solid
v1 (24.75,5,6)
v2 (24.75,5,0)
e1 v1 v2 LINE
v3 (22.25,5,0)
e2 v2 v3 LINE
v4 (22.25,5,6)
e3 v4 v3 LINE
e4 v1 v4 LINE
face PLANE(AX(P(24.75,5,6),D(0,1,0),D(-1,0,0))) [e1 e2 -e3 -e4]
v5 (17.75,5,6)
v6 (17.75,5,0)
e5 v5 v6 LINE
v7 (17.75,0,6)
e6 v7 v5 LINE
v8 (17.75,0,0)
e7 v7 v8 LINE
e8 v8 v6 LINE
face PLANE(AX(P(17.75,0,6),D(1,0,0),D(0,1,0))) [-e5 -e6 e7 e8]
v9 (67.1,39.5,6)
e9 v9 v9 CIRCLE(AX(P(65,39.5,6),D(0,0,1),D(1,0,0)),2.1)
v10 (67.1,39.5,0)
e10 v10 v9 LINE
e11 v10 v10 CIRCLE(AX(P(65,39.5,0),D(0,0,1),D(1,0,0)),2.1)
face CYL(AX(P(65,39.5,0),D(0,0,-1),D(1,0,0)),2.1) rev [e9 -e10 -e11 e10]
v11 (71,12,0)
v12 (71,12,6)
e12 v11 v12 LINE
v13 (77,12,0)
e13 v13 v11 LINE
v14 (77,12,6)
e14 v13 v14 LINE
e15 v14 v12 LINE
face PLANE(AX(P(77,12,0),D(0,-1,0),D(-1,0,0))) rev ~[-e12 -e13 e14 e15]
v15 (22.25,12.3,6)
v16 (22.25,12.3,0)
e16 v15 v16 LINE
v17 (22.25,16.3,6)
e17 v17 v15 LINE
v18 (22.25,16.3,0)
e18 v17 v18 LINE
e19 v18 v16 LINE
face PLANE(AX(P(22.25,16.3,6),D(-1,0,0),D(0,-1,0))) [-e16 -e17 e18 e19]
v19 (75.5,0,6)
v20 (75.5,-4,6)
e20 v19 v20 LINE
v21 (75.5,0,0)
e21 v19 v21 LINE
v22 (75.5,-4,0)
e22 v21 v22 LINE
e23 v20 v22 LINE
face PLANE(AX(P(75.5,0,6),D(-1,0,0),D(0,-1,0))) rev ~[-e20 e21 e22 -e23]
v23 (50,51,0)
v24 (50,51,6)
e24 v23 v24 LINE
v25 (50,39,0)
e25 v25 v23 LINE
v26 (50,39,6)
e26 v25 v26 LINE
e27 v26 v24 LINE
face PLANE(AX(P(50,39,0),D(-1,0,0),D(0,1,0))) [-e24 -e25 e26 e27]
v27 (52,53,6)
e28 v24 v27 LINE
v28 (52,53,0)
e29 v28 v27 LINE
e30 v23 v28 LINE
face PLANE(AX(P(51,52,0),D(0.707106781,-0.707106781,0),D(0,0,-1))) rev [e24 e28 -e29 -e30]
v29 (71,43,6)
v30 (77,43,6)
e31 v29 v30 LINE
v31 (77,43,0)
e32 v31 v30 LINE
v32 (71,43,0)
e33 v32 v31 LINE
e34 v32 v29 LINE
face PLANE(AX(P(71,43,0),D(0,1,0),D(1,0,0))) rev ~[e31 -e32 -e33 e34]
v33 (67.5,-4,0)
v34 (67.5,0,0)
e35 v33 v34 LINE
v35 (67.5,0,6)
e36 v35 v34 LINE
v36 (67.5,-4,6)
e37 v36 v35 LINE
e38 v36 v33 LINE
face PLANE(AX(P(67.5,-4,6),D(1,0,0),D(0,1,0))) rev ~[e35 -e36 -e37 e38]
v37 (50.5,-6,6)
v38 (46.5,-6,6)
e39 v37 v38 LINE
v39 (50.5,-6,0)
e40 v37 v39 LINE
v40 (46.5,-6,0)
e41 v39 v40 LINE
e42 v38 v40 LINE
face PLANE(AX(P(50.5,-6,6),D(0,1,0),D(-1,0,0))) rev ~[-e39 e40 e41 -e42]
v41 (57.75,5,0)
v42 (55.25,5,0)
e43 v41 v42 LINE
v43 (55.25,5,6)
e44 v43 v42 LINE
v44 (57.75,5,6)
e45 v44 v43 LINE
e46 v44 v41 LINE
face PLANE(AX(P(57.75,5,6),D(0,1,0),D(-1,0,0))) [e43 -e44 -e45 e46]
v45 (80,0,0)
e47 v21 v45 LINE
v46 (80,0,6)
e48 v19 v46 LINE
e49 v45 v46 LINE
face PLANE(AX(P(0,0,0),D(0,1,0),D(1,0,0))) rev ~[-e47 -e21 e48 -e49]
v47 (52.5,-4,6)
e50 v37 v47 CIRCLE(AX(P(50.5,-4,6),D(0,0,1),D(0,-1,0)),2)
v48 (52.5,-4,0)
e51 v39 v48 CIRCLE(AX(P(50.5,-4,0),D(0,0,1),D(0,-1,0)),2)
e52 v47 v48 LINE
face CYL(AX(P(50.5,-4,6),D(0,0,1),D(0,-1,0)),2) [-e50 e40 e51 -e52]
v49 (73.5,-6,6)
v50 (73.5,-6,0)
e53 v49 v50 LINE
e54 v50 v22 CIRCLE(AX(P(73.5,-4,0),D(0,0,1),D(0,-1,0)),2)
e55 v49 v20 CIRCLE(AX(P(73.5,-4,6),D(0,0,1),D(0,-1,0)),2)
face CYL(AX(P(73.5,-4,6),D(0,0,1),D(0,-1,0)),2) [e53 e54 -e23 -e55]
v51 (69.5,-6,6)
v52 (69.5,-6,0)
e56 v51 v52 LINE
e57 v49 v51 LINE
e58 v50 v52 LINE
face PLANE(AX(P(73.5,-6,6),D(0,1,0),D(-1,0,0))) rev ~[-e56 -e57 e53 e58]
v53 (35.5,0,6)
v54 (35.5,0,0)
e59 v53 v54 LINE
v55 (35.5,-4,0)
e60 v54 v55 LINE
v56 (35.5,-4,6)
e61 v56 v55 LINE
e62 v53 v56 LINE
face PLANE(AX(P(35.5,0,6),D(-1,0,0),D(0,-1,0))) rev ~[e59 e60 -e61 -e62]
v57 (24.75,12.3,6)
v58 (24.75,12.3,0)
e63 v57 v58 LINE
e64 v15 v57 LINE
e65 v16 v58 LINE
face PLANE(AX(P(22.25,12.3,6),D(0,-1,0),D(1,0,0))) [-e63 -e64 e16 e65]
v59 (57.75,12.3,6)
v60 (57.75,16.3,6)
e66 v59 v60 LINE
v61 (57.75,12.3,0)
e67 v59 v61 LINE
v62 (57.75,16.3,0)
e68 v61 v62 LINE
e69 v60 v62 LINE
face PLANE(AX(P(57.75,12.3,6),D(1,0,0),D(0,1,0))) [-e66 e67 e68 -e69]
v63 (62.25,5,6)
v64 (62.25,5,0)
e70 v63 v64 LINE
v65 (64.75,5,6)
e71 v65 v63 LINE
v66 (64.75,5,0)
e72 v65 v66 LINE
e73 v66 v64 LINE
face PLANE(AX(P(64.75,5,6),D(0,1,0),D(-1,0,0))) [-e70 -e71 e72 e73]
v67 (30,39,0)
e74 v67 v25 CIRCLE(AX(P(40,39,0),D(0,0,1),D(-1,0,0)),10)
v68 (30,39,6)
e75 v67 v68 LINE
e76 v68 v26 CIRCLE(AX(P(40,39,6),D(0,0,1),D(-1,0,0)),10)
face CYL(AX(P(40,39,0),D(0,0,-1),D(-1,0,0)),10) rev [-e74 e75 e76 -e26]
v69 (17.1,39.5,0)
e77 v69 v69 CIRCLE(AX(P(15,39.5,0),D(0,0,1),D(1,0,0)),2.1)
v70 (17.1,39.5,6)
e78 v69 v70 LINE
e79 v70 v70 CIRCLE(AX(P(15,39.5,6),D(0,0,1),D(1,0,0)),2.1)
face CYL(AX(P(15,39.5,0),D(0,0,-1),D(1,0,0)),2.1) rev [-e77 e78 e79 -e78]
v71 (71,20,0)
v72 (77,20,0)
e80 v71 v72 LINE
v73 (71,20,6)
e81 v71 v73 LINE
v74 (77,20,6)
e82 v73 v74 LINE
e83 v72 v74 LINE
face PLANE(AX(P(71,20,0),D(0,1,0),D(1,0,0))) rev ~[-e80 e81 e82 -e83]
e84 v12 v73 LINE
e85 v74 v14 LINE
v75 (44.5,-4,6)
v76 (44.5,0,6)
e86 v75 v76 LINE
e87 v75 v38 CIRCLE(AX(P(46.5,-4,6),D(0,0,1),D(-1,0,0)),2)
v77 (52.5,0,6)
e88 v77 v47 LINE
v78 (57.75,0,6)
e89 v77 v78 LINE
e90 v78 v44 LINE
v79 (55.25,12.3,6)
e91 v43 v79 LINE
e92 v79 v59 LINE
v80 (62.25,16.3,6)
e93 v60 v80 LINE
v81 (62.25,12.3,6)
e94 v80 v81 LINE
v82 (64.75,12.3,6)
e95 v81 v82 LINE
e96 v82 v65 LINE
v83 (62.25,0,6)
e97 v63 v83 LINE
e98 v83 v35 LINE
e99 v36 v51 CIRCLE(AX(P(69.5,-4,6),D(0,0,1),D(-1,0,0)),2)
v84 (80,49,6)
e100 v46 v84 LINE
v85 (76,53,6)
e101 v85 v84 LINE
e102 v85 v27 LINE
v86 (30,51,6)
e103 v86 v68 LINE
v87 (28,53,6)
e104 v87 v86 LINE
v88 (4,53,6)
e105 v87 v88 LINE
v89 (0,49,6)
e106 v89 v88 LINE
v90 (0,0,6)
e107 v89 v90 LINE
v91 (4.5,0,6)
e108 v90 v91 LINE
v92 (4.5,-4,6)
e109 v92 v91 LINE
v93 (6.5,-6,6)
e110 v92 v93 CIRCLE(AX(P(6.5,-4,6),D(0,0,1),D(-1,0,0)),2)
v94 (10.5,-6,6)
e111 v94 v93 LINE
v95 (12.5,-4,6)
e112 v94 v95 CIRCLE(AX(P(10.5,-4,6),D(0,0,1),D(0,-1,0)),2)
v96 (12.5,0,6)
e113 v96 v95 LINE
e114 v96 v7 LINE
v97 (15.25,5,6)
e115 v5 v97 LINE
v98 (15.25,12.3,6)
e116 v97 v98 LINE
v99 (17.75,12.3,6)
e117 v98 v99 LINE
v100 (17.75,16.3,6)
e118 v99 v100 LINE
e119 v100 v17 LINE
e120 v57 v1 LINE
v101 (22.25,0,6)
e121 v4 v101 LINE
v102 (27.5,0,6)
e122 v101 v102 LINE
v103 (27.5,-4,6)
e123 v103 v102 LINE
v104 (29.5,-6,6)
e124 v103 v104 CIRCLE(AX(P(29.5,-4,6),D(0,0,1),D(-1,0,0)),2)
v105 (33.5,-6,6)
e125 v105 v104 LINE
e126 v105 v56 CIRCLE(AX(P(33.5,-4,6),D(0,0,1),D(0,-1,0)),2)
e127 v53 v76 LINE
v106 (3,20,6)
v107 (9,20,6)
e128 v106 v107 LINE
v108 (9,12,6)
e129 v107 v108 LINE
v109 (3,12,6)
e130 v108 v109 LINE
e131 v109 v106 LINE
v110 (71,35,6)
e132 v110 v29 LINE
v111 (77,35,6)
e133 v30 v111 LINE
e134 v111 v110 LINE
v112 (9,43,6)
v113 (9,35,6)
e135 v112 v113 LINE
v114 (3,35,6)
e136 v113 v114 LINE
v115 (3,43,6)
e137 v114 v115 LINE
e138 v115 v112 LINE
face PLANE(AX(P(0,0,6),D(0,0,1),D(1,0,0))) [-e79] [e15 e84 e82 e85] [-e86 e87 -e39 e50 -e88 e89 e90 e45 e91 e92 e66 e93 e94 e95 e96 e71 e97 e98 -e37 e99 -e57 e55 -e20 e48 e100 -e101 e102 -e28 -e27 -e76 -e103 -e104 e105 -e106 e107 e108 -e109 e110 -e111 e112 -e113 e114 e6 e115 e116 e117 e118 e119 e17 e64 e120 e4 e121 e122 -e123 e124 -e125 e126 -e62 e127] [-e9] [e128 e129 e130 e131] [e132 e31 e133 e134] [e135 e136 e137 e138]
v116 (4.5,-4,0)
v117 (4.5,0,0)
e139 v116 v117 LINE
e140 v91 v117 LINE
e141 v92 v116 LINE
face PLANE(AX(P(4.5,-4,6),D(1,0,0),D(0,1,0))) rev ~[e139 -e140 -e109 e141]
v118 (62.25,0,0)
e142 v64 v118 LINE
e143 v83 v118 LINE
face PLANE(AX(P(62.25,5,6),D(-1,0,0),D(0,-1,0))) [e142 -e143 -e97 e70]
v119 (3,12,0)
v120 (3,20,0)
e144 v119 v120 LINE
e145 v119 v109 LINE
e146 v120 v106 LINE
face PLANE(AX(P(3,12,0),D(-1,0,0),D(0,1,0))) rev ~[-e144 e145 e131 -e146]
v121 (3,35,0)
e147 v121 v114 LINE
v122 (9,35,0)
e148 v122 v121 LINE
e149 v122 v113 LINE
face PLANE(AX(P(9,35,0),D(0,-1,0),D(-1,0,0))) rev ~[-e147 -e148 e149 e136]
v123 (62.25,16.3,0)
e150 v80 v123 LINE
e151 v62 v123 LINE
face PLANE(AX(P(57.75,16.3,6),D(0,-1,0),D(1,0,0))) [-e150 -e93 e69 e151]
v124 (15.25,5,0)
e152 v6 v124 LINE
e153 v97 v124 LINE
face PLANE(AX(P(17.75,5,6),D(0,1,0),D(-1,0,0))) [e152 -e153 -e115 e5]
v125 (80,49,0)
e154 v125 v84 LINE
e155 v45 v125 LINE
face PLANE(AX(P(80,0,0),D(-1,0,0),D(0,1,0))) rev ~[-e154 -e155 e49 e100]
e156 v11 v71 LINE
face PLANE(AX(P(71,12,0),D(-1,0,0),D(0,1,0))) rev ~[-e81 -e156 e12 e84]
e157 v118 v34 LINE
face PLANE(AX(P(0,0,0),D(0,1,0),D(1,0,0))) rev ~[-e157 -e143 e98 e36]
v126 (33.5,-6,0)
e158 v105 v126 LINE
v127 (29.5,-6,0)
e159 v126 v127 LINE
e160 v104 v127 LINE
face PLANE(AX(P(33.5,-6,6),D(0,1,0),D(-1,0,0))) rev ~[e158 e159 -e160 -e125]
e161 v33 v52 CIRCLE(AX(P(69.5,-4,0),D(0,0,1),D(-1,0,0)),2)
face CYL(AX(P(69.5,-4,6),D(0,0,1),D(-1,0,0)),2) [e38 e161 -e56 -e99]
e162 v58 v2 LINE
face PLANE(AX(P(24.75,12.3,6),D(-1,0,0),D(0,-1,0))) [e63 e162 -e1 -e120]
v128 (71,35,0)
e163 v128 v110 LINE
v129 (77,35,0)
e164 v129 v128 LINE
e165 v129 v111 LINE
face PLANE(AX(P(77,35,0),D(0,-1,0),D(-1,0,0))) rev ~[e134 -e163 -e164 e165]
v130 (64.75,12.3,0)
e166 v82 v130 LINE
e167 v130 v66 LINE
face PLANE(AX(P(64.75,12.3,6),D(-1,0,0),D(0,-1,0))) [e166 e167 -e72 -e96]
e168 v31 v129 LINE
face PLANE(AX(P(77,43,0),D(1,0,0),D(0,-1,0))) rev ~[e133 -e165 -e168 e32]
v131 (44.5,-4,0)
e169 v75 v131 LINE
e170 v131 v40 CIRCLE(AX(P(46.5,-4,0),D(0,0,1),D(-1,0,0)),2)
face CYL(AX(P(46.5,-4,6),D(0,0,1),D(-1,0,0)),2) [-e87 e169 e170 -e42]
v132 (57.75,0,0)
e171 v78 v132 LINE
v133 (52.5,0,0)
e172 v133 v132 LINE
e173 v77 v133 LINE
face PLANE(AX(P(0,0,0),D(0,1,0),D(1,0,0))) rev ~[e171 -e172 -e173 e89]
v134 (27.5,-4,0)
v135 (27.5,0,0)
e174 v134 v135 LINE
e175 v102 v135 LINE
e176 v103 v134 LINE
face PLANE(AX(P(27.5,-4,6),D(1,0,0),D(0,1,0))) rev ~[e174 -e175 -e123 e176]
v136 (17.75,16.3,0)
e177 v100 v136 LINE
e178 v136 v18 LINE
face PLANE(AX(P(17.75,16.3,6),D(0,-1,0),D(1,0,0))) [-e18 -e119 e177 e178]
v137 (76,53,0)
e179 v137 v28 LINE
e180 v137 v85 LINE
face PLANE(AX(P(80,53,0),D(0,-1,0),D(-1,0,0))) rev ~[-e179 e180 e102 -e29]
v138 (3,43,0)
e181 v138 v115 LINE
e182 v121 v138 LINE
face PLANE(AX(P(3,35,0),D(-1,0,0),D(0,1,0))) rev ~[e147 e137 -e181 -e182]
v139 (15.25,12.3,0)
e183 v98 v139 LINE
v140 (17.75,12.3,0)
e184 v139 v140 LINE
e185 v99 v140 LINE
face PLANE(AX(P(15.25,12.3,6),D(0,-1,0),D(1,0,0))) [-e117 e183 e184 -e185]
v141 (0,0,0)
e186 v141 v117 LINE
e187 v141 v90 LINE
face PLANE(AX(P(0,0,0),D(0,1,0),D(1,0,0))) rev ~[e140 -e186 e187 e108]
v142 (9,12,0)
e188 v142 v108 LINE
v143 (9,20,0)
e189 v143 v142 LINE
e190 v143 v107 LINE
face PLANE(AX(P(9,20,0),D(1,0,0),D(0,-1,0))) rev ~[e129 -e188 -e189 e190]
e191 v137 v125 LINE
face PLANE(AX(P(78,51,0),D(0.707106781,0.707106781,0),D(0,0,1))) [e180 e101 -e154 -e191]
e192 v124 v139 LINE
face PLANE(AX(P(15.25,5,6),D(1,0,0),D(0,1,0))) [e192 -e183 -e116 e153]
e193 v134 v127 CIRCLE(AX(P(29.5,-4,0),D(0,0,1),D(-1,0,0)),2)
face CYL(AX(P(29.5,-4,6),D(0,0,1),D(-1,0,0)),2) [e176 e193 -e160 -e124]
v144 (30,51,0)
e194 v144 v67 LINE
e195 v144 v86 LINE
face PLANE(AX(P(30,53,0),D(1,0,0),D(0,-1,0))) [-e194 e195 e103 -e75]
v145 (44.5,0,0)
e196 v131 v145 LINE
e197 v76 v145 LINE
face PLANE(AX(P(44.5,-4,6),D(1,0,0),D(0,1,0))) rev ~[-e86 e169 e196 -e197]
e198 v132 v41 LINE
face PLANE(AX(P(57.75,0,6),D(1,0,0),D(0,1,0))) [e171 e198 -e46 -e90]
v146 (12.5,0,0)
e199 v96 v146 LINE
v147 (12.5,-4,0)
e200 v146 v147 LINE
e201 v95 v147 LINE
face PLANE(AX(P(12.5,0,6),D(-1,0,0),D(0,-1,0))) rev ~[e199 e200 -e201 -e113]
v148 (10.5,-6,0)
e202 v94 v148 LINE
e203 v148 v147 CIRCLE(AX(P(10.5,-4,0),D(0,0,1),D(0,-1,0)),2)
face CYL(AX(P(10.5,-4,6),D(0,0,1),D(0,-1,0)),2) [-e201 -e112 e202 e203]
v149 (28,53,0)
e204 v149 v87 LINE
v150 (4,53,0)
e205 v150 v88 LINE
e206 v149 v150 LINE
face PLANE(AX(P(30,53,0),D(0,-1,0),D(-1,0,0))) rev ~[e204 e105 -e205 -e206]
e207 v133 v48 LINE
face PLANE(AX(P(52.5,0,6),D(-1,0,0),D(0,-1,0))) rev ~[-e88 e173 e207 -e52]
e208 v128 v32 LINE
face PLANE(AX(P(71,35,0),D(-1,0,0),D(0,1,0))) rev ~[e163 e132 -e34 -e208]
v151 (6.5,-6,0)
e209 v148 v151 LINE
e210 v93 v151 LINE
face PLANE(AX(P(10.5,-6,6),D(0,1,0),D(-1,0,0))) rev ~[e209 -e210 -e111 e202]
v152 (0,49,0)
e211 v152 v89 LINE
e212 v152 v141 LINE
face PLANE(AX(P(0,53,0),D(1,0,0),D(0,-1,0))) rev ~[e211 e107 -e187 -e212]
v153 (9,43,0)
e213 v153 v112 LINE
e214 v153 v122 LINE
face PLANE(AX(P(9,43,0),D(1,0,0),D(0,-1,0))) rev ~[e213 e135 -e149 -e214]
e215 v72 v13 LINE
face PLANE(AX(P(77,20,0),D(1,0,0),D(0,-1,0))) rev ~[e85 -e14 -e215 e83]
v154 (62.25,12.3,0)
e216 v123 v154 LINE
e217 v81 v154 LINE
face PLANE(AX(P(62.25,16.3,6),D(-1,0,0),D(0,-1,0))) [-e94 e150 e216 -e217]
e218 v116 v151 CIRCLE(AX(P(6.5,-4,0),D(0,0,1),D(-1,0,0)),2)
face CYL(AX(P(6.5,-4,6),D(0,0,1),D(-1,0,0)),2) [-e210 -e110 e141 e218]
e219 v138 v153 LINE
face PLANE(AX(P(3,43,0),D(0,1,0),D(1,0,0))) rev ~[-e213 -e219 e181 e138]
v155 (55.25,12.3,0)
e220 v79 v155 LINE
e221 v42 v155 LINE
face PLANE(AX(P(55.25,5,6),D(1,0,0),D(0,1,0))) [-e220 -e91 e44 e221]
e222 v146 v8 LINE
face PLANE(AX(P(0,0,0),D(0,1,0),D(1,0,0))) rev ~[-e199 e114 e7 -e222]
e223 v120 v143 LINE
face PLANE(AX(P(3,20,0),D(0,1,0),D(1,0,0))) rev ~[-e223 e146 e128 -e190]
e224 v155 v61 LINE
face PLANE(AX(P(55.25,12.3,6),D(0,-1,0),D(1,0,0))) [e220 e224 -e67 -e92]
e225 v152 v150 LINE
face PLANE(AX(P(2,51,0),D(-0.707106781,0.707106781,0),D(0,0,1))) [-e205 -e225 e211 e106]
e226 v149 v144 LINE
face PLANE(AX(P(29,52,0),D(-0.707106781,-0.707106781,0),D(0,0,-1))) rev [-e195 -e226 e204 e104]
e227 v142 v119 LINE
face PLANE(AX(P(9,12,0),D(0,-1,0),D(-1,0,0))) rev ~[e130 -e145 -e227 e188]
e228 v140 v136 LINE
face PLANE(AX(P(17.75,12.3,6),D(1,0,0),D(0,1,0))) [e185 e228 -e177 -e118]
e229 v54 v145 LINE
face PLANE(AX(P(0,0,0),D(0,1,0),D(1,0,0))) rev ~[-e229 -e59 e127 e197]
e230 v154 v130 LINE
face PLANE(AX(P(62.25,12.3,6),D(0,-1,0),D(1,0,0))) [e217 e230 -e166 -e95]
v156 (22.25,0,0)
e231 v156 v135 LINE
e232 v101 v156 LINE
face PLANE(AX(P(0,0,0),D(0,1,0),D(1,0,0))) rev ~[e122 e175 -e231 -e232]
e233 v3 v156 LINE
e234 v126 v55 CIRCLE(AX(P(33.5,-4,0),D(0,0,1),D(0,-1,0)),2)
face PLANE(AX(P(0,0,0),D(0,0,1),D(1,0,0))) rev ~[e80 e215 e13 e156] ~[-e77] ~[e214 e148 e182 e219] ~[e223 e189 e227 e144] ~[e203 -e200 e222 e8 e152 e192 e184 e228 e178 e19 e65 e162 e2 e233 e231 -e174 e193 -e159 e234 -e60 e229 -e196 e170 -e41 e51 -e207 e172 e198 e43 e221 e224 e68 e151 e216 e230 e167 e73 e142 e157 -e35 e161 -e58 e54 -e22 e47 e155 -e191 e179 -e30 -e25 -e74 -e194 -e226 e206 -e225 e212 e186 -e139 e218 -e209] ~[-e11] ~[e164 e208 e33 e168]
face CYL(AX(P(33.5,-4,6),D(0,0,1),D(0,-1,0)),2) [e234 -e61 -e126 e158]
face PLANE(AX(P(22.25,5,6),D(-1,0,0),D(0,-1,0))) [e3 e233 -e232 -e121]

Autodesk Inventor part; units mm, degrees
ref_plane "YZ Plane" through (0, 0, 0) normal (1, 0, 0) x (0, 1, 0)
ref_plane "XZ Plane" through (0, 0, 0) normal (0, 1, 0) x (-1, 0, 0)
ref_plane "XY Plane" through (0, 0, 0) normal (0, 0, 1) x (1, 0, 0)
sketch "Sketch1" plane through (0, 0, 0) normal (0, 0, 1) x (1, 0, 0)
  line L0 (0, 0) -> (80, 0)
  line L1 (80, 0) -> (80, 53)
  line L2 (0, 53) -> (0, 0)
  line L3 (30, 53) -> (30, 39)
  arc A0 (30, 39) -> (50, 39) centre (40, 39) ccw
  line L4 (50, 39) -> (50, 53)
  line L5 (80, 53) -> (50, 53)
  line L6 (30, 53) -> (0, 53)
  circle A1 centre (15, 39.5) radius 2.1
  circle A2 centre (65, 39.5) radius 2.1
  line L7 (3, 20) -> (9, 20)
  line L8 (9, 20) -> (9, 12)
  line L9 (9, 12) -> (3, 12)
  line L10 (3, 12) -> (3, 20)
  line L11 (71, 20) -> (77, 20)
  line L12 (77, 20) -> (77, 12)
  line L13 (77, 12) -> (71, 12)
  line L14 (71, 12) -> (71, 20)
  line L15 (71, 43) -> (77, 43)
  line L16 (77, 43) -> (77, 35)
  line L17 (77, 35) -> (71, 35)
  line L18 (71, 35) -> (71, 43)
  line L19 (3, 43) -> (9, 43)
  line L20 (9, 43) -> (9, 35)
  line L21 (9, 35) -> (3, 35)
  line L22 (3, 35) -> (3, 43)
  point P0 (40, 0)
  dimension "d0" = 80
  dimension "d1" = 53
  dimension "d2" = 20
  dimension "d3" = 14
  dimension "d4" = 13.5
  dimension "d5" = 4.2
  dimension "d6" = 4.2
  dimension "d9" = 8
  dimension "d10" = 6
  dimension "d11" = 8
  dimension "d12" = 15
  dimension "d13" = 3
  dimension "d14" = 12
  dimension "d15" = 8
  dimension "d16" = 8
  dimension "d17" = 6
  dimension "d18" = 3
  dimension "d19" = 50
  dimension "d20" = 15
extrude "Extrusion1" add sketch "Sketch1" along normal blind 6
sketch "Sketch2" plane through (0, 0, 6) normal (0, 0, 1) x (1, 0, 0)
  line L0 (0, 0) -> (80, 0) projected
  line L1 (17.75, 16.3) -> (22.25, 16.3)
  line L2 (22.25, 0) -> (17.75, 0)
  line L3 (24.75, 12.3) -> (24.75, 5)
  line L4 (15.25, 5) -> (15.25, 12.3)
  line L5 (57.75, 16.3) -> (62.25, 16.3)
  line L6 (62.25, 0) -> (57.75, 0)
  line L7 (64.75, 12.3) -> (64.75, 5)
  line L8 (55.25, 5) -> (55.25, 12.3)
  line L9 (22.25, 16.3) -> (22.25, 12.3)
  line L10 (22.25, 5) -> (22.25, 0)
  line L11 (17.75, 0) -> (17.75, 5)
  line L12 (17.75, 12.3) -> (17.75, 16.3)
  line L13 (15.25, 12.3) -> (17.75, 12.3)
  line L14 (22.25, 12.3) -> (24.75, 12.3)
  line L15 (24.75, 5) -> (22.25, 5)
  line L16 (17.75, 5) -> (15.25, 5)
  line L17 (55.25, 12.3) -> (57.75, 12.3)
  line L18 (62.25, 12.3) -> (64.75, 12.3)
  line L19 (64.75, 5) -> (62.25, 5)
  line L20 (57.75, 5) -> (55.25, 5)
  line L21 (62.25, 16.3) -> (62.25, 12.3)
  line L22 (62.25, 5) -> (62.25, 0)
  line L23 (57.75, 0) -> (57.75, 5)
  line L24 (57.75, 12.3) -> (57.75, 16.3)
  line L25 (24.75, 8.65) -> (55.25, 8.65) construction
  point P0 (20, 16.3)
  point P1 (60, 16.3)
  point P2 (40, 8.65)
  point P3 (40, 0)
  dimension "d23" = 4.5
  dimension "d24" = 5
  dimension "d25" = 7.3
  dimension "d26" = 4
  dimension "d27" = 2.5
  dimension "d28" = 2.5
  dimension "d29" = 4.5
  dimension "d30" = 5
  dimension "d31" = 4
  dimension "d32" = 7.3
  dimension "d33" = 2.5
  dimension "d34" = 2.5
  dimension "d35" = 40
extrude "Extrusion2" cut sketch "Sketch2" against normal through all
sketch "Sketch3" plane through (0, 0, 6) normal (0, 0, 1) x (1, 0, 0)
  line L0 (22.25, 0) -> (57.75, 0) projected
  line L1 (57.75, 16.3) -> (62.25, 16.3) projected
  line L2 (62.25, 0) -> (80, 0) projected
  line L3 (0, 0) -> (17.75, 0) projected
  line L4 (17.75, 16.3) -> (22.25, 16.3) projected
  line L5 (4.5, 0) -> (12.5, 0)
  line L6 (12.5, 0) -> (12.5, -4)
  line L7 (10.5, -6) -> (6.5, -6)
  line L8 (4.5, -4) -> (4.5, 0)
  line L9 (27.5, 0) -> (35.5, 0)
  line L10 (35.5, 0) -> (35.5, -4)
  line L11 (33.5, -6) -> (29.5, -6)
  line L12 (27.5, -4) -> (27.5, 0)
  line L13 (44.5, 0) -> (52.5, 0)
  line L14 (52.5, 0) -> (52.5, -4)
  line L15 (50.5, -6) -> (46.5, -6)
  line L16 (44.5, -4) -> (44.5, 0)
  line L17 (67.5, 0) -> (75.5, 0)
  line L18 (75.5, 0) -> (75.5, -4)
  line L19 (73.5, -6) -> (69.5, -6)
  line L20 (67.5, -4) -> (67.5, 0)
  arc A0 (4.5, -4) -> (6.5, -6) centre (6.5, -4) ccw
  arc A1 (10.5, -6) -> (12.5, -4) centre (10.5, -4) ccw
  arc A2 (27.5, -4) -> (29.5, -6) centre (29.5, -4) ccw
  arc A3 (33.5, -6) -> (35.5, -4) centre (33.5, -4) ccw
  arc A4 (44.5, -4) -> (46.5, -6) centre (46.5, -4) ccw
  arc A5 (50.5, -6) -> (52.5, -4) centre (50.5, -4) ccw
  arc A6 (67.5, -4) -> (69.5, -6) centre (69.5, -4) ccw
  arc A7 (73.5, -6) -> (75.5, -4) centre (73.5, -4) ccw
  point P0 (20, 16.3)
  point P1 (60, 16.3)
  dimension "d44" = 2
  dimension "d45" = 15
  dimension "d46" = 15
  dimension "d47" = 6
  dimension "d48" = 7.5
  dimension "d49" = 7.5
  dimension "d50" = 8
  dimension "d51" = 8
  dimension "d52" = 8
  dimension "d53" = 8
extrude "Extrusion3" add sketch "Sketch3" against normal blind 6
chamfer "Chamfer1" distance 4 angle 45 2 edges at (0, 53, 3) (80, 53, 3)
chamfer "Chamfer2" distance 2 angle 45 2 edges at (30, 53, 3) (50, 53, 3)
properties part number "x_carriage_extruder_mount"
